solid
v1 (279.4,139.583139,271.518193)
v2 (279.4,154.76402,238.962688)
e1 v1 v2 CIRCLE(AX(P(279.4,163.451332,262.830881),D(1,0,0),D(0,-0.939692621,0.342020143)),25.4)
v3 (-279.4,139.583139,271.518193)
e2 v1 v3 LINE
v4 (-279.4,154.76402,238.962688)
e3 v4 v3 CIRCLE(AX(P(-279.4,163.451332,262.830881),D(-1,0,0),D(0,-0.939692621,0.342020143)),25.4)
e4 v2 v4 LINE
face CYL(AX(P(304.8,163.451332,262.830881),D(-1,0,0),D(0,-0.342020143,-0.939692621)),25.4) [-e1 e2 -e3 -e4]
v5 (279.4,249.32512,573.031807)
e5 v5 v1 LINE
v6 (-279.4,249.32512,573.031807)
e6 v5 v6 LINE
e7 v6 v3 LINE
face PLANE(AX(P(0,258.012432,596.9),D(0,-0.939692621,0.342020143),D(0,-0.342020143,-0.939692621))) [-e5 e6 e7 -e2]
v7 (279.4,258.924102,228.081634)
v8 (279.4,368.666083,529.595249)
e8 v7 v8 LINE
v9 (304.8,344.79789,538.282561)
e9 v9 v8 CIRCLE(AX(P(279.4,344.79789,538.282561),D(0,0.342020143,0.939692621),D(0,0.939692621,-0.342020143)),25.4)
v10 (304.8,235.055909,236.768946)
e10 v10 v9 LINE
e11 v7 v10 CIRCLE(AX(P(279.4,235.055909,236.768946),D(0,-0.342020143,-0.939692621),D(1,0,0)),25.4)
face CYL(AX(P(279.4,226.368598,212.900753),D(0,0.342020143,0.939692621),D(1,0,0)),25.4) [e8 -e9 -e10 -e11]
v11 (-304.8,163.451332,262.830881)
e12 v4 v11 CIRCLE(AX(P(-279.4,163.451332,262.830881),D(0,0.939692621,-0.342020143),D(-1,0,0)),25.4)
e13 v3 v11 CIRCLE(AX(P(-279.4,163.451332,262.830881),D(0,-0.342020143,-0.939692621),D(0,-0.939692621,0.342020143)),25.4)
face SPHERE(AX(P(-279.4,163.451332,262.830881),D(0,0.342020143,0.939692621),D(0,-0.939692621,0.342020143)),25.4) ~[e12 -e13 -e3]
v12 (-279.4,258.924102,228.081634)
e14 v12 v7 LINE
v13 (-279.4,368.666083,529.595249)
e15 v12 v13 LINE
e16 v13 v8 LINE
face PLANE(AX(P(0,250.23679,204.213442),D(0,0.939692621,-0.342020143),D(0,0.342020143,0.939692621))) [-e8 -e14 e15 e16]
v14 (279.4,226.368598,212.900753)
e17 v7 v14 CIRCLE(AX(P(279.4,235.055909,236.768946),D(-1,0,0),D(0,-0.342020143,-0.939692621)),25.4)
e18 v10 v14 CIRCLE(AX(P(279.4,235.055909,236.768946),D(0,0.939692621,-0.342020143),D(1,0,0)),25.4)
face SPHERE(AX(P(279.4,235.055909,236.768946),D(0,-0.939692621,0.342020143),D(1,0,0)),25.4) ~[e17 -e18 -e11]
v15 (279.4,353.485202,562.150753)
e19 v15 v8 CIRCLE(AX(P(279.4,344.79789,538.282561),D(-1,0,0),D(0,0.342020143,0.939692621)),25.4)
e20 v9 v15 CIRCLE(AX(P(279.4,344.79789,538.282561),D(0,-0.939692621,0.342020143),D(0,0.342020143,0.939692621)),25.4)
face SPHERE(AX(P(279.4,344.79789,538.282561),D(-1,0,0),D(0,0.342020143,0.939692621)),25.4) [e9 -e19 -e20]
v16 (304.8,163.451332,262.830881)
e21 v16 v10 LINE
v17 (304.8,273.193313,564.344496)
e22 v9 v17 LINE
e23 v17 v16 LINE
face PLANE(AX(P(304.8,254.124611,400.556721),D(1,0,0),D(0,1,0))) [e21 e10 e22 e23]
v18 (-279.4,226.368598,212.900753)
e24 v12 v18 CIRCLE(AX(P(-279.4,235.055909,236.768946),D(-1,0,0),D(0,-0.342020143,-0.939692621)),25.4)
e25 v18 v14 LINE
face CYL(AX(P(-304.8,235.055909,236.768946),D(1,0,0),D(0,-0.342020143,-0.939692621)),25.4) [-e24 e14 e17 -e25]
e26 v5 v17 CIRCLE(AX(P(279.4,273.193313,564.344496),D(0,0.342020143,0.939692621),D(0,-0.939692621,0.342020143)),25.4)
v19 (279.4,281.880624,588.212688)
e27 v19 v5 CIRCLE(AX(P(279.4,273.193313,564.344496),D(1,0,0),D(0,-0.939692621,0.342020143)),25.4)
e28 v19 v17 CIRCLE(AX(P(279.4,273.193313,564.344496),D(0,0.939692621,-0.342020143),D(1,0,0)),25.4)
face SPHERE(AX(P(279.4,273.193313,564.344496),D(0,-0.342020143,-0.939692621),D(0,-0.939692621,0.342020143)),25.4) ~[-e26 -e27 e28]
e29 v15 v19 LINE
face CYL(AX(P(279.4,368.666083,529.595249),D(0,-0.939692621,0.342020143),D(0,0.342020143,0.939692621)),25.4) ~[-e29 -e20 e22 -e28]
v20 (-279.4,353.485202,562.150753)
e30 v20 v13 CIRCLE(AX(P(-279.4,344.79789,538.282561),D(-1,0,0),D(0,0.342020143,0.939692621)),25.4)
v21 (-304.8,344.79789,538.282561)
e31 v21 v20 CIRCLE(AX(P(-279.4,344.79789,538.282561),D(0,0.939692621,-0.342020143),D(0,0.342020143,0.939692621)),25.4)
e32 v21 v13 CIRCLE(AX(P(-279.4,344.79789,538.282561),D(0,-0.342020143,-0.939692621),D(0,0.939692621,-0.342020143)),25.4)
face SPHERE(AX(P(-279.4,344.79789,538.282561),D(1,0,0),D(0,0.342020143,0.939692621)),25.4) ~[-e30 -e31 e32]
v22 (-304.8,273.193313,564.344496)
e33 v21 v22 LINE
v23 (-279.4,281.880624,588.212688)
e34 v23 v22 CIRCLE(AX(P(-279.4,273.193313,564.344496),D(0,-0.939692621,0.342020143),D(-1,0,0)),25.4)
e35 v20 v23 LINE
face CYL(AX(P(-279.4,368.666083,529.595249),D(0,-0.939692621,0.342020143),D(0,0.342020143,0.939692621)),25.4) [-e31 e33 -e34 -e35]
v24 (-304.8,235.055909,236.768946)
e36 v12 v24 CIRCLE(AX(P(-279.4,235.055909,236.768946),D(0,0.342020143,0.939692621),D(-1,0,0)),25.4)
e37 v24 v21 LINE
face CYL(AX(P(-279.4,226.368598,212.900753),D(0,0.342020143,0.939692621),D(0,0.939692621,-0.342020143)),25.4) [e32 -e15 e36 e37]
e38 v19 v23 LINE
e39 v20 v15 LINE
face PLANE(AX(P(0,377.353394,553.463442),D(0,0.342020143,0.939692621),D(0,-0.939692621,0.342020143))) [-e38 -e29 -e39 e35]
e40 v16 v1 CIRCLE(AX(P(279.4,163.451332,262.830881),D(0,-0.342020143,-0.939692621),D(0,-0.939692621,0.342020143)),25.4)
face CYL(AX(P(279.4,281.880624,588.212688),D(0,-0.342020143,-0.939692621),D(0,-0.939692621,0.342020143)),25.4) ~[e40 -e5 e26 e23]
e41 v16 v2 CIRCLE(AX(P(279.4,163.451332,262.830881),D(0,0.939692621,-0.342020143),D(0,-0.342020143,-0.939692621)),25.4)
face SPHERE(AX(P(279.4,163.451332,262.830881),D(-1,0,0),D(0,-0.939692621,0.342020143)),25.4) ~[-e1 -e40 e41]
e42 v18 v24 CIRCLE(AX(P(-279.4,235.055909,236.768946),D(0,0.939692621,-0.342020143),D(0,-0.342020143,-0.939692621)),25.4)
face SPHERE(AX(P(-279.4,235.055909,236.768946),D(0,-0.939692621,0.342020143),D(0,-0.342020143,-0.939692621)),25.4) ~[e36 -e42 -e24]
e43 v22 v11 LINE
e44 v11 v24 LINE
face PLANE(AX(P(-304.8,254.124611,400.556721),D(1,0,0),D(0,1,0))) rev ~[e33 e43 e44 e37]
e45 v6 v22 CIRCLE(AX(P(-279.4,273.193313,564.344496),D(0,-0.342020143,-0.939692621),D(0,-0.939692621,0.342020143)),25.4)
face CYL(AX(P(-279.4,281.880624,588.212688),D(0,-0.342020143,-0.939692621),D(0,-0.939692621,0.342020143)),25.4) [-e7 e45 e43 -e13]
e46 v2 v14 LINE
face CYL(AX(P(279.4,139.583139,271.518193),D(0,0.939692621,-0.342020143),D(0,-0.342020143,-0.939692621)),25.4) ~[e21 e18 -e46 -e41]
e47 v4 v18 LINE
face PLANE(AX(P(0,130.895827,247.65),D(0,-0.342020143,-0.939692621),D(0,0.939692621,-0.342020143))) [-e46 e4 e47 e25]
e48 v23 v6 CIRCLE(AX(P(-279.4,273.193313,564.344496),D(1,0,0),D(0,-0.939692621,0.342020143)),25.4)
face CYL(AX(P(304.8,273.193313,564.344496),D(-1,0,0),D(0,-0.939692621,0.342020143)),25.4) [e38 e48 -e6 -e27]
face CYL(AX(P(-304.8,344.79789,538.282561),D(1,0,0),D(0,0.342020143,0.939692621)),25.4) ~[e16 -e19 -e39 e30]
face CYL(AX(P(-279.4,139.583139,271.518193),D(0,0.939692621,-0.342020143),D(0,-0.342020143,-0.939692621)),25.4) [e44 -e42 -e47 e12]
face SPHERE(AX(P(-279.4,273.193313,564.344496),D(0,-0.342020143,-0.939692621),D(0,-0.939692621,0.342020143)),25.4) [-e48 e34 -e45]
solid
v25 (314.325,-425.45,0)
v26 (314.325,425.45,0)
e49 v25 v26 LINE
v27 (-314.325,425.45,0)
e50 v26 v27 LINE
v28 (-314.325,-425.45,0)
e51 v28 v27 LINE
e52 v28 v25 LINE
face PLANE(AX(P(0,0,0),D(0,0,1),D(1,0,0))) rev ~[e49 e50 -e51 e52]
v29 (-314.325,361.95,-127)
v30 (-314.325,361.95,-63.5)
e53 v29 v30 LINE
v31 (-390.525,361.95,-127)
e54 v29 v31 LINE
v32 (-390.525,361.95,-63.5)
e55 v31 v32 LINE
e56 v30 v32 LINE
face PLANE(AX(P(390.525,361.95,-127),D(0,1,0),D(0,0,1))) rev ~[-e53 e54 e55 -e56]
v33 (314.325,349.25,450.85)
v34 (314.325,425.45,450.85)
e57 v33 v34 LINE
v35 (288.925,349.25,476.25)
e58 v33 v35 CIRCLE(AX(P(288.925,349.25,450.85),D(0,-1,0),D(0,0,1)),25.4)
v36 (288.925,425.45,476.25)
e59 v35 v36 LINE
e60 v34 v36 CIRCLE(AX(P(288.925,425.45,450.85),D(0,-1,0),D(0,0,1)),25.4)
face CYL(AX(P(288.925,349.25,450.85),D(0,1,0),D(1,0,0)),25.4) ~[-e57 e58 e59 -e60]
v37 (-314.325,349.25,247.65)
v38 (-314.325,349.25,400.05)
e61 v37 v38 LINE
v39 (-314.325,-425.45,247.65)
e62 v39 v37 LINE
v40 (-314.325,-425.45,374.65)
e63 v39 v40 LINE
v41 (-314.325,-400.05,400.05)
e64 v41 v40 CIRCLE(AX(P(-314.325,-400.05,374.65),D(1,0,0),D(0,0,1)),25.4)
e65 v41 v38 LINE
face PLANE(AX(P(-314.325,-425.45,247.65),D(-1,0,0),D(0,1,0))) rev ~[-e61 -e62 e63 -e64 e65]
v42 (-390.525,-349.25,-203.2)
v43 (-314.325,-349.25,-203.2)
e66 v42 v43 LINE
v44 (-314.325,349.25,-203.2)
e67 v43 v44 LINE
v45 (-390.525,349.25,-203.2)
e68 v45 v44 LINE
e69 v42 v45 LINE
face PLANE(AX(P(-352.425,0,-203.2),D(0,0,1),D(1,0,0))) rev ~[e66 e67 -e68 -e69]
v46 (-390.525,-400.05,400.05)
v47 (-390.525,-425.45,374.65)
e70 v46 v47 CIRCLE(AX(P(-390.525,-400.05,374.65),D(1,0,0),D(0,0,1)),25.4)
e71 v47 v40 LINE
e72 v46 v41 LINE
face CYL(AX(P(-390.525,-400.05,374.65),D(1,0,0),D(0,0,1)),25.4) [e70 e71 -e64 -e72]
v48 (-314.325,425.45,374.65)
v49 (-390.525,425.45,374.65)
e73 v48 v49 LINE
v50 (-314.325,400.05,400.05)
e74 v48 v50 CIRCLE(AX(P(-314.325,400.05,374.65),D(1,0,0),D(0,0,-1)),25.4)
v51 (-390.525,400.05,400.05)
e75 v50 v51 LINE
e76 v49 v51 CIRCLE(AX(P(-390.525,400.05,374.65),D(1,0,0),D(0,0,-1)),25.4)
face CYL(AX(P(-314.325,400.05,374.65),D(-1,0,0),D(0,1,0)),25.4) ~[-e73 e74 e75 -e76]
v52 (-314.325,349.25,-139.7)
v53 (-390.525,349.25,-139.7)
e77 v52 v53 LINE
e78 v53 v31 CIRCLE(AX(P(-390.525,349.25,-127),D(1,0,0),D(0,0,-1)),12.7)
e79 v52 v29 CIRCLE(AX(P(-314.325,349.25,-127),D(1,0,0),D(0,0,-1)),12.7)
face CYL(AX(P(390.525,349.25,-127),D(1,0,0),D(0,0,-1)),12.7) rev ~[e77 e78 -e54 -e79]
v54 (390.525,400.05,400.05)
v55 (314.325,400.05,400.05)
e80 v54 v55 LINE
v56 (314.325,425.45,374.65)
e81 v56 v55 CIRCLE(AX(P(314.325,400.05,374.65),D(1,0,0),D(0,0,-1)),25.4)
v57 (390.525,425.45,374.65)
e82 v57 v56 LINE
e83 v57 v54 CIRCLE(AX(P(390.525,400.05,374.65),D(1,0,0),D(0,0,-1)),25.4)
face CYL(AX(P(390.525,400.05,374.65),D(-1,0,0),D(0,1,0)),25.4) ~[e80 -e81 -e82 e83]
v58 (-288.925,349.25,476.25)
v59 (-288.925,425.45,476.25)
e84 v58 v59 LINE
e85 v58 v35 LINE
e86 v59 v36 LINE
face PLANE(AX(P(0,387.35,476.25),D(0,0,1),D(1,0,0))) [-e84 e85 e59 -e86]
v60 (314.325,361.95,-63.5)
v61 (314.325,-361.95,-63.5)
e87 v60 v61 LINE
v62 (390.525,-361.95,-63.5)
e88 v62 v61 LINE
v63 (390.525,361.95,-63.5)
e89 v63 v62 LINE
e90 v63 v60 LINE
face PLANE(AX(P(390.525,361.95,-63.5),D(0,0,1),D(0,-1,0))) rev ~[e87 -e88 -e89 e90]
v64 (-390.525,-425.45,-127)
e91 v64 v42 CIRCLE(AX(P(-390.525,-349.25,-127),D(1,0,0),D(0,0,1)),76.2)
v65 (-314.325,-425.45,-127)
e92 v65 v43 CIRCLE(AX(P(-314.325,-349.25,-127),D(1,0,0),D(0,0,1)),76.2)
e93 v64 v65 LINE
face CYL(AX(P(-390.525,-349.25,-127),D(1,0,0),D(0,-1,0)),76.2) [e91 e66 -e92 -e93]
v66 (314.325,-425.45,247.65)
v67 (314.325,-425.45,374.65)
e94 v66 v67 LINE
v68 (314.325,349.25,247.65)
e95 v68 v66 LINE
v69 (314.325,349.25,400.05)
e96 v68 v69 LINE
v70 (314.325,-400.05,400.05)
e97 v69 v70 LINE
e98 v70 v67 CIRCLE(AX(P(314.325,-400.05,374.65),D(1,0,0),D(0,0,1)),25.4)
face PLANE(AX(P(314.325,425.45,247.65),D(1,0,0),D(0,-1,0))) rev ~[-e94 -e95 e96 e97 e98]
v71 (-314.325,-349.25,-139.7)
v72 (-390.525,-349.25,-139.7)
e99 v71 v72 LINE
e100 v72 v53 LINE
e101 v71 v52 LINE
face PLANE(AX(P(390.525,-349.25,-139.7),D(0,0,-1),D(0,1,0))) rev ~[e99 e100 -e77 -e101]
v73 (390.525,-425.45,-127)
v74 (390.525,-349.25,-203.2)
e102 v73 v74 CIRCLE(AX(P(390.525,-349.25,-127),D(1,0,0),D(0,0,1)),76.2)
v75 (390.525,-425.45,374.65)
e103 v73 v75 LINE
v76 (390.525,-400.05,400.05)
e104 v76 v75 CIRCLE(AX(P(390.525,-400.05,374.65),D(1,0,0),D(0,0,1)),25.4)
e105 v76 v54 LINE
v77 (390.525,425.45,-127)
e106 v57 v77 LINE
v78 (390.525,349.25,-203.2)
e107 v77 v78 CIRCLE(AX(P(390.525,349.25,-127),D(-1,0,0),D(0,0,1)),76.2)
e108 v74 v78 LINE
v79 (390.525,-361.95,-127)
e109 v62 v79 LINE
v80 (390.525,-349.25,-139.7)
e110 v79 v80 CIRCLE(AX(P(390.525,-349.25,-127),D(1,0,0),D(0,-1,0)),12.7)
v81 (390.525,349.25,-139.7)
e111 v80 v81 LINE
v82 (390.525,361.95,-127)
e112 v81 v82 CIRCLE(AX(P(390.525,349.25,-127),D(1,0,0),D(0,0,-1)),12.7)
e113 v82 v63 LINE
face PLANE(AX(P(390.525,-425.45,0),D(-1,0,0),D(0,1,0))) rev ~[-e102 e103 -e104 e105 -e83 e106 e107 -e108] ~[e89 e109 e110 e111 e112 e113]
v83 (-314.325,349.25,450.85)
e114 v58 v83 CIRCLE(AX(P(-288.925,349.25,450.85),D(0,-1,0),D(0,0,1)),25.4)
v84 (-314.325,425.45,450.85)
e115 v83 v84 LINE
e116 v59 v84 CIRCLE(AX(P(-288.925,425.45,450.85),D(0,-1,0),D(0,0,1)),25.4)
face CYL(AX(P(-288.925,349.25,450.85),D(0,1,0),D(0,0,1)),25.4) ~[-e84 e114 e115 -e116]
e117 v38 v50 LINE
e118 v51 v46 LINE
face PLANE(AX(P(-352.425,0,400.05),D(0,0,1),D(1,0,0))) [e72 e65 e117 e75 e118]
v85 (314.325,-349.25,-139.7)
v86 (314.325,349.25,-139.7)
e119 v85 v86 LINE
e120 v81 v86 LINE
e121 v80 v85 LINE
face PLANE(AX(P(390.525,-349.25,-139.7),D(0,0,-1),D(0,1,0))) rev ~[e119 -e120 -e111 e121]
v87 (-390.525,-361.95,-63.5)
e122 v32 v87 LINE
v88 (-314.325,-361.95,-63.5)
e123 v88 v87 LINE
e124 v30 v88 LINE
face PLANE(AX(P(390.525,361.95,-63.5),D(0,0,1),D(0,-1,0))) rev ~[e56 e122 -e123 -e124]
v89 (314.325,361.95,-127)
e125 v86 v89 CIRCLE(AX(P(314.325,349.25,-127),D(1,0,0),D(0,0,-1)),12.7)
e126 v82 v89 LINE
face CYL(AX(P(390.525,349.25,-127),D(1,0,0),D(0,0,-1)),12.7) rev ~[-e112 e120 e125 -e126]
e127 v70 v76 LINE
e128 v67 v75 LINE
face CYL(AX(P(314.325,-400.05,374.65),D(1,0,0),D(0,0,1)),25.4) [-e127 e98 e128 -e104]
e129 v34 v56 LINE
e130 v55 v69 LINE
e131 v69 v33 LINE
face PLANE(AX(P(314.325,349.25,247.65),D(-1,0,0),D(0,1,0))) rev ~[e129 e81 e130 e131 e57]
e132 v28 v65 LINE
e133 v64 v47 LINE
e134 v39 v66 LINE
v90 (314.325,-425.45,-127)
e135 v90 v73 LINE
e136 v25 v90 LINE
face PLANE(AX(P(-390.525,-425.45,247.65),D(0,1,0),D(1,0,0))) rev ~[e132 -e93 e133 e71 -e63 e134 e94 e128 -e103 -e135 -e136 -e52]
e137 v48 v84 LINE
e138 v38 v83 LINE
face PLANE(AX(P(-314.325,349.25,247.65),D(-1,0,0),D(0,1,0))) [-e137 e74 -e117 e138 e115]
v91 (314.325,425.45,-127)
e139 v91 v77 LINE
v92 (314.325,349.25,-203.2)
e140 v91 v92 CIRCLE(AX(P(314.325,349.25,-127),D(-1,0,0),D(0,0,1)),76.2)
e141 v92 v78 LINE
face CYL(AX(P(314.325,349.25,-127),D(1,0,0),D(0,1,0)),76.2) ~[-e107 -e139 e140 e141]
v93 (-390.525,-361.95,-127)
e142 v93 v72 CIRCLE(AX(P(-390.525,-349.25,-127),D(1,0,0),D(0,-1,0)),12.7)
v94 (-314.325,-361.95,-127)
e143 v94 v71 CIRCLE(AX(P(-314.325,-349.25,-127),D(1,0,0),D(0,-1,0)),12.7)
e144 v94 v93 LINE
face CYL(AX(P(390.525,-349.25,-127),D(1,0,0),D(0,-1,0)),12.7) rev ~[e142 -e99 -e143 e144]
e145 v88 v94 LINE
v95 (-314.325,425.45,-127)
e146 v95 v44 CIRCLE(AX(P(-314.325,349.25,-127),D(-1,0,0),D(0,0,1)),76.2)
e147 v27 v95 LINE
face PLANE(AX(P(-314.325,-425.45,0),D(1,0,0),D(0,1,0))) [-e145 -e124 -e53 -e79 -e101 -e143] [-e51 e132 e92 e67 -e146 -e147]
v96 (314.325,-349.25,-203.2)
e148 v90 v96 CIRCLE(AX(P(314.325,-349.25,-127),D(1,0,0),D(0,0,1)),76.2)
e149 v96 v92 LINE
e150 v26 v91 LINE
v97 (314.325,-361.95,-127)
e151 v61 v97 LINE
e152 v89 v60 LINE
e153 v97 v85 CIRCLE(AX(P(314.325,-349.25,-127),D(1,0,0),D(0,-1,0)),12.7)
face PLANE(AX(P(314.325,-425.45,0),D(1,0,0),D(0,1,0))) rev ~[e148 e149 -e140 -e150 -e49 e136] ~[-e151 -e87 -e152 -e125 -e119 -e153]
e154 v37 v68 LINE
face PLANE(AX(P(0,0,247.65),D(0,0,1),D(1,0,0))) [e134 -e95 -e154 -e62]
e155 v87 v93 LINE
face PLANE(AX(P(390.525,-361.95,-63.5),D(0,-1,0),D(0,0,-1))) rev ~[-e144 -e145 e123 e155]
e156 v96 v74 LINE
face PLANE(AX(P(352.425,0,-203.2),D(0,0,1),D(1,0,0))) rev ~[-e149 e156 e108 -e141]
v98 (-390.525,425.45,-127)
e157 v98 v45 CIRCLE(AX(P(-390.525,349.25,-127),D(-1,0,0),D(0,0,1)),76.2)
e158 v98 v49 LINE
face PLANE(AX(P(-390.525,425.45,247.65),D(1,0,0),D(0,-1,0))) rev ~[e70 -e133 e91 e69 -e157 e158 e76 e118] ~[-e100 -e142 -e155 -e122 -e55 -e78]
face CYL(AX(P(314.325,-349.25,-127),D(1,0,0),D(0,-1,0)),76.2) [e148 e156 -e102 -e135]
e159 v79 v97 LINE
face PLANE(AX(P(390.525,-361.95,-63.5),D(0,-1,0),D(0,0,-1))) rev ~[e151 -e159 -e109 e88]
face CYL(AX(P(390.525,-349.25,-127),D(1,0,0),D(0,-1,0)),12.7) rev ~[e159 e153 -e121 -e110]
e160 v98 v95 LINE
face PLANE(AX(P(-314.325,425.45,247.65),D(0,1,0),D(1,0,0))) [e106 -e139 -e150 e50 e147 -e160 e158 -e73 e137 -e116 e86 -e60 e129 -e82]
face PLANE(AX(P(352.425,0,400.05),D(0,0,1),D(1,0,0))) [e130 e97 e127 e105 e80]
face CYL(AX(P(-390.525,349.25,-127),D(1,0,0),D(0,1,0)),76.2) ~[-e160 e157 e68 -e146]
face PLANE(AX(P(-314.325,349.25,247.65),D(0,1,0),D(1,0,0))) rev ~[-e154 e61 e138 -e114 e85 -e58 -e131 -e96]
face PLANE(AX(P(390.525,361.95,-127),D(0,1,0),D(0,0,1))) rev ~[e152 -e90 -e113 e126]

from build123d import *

# Parameters (mm, degrees)
F0_W      = 628.65
F0_H      = 850.9
F0_W_2    = 76.2
F1_DEPTH  = 247.65
F2_DEPTH  = 203.2
F4_DEPTH  = 152.4
F3_W      = 628.65
F3_H      = 76.2
F5_DEPTH  = 228.6
F6_R      = 76.2
F7_R      = 25.4
F9_DEPTH  = 781.051
F11_DEPTH = 304.8
F12_R     = 25.4


with BuildPart() as f1:
    # F0 (on Top) → F1 (new body)
    with BuildSketch(Plane.XY):
        Rectangle(F0_W, F0_H)
        with Locations((-352.425, 0)):
            Rectangle(F0_W_2, F0_H)
        with Locations((352.425, 0)):
            Rectangle(F0_W_2, F0_H)
    extrude(amount=F1_DEPTH)

    # F0 (on Top) → F2 (join)
    with BuildSketch(Plane.XY):
        with Locations((-352.425, 0)):
            Rectangle(F0_W_2, F0_H)
        with Locations((352.425, 0)):
            Rectangle(F0_W_2, F0_H)
    extrude(amount=-F2_DEPTH)

    # F3 (on face) → F4 (join)
    with BuildSketch(Plane.XY.offset(247.65)):
        Polygon((-314.325, 349.25), (-314.325, 425.45), (-390.525, 425.45), (-390.525, -425.45), (-314.325, -425.45), align=None)
        Polygon((390.525, -425.45), (390.525, 425.45), (314.325, 425.45), (314.325, 349.25), (314.325, -425.45), align=None)
    extrude(amount=F4_DEPTH)

    # F3 (on face) → F5 (join)
    with BuildSketch(Plane.XY.offset(247.65)):
        with Locations((0, 387.35)):
            Rectangle(F3_W, F3_H)
    extrude(amount=F5_DEPTH)

    # F6
    f6_edges = [f1.edges().sort_by_distance(p)[0] for p in [
        (-352.425, -425.45, -203.2),
        (352.425, -425.45, -203.2),
        (-352.425, 425.45, -203.2),
        (352.425, 425.45, -203.2),
    ]]
    fillet(f6_edges, radius=F6_R)

    # F7
    f7_edges = [f1.edges().sort_by_distance(p)[0] for p in [
        (352.425, 425.45, 400.05),
        (352.425, -425.45, 400.05),
        (-314.325, 387.35, 476.25),
        (314.325, 387.35, 476.25),
        (-352.425, 425.45, 400.05),
        (-352.425, -425.45, 400.05),
    ]]
    fillet(f7_edges, radius=F7_R)

    # F8 (on face) → F9 (cut, through all)
    with BuildSketch(Plane.YZ.offset(390.525)):
        with BuildLine():
            Line((361.95, -63.5), (-361.95, -63.5))
            Line((-361.95, -63.5), (-361.95, -127))
            ThreePointArc((-361.95, -127), (-358.2302561211, -135.9802561211), (-349.25, -139.7))
            Line((-349.25, -139.7), (349.25, -139.7))
            ThreePointArc((349.25, -139.7), (358.2302561211, -135.9802561211), (361.95, -127))
            Line((361.95, -127), (361.95, -63.5))
        make_face()
    extrude(amount=-F9_DEPTH, mode=Mode.SUBTRACT)


with BuildPart() as f11:
    # F10 (on Right) → F11 (new body, symmetric)
    with BuildSketch(Plane.YZ):
        Polygon((130.8958273423, 247.65), (250.2367901821, 204.2134417976), (377.3533944996, 553.4634417976), (258.0124316598, 596.9), align=None)
    extrude(amount=F11_DEPTH, both=True)

    # F12
    f12_edges = [f11.edges().sort_by_distance(p)[0] for p in [
        (-304.8, 194.45413, 422.275),
        (0, 130.895827, 247.65),
        (304.8, 194.45413, 422.275),
        (0, 258.012432, 596.9),
        (0, 377.353394, 553.463442),
        (-304.8, 317.682913, 575.181721),
        (304.8, 317.682913, 575.181721),
        (304.8, 190.566309, 225.931721),
        (304.8, 313.795092, 378.838442),
        (-304.8, 190.566309, 225.931721),
        (0, 250.23679, 204.213442),
        (-304.8, 313.795092, 378.838442),
    ]]
    fillet(f12_edges, radius=F12_R)


solid = Compound([f1.part, f11.part])
